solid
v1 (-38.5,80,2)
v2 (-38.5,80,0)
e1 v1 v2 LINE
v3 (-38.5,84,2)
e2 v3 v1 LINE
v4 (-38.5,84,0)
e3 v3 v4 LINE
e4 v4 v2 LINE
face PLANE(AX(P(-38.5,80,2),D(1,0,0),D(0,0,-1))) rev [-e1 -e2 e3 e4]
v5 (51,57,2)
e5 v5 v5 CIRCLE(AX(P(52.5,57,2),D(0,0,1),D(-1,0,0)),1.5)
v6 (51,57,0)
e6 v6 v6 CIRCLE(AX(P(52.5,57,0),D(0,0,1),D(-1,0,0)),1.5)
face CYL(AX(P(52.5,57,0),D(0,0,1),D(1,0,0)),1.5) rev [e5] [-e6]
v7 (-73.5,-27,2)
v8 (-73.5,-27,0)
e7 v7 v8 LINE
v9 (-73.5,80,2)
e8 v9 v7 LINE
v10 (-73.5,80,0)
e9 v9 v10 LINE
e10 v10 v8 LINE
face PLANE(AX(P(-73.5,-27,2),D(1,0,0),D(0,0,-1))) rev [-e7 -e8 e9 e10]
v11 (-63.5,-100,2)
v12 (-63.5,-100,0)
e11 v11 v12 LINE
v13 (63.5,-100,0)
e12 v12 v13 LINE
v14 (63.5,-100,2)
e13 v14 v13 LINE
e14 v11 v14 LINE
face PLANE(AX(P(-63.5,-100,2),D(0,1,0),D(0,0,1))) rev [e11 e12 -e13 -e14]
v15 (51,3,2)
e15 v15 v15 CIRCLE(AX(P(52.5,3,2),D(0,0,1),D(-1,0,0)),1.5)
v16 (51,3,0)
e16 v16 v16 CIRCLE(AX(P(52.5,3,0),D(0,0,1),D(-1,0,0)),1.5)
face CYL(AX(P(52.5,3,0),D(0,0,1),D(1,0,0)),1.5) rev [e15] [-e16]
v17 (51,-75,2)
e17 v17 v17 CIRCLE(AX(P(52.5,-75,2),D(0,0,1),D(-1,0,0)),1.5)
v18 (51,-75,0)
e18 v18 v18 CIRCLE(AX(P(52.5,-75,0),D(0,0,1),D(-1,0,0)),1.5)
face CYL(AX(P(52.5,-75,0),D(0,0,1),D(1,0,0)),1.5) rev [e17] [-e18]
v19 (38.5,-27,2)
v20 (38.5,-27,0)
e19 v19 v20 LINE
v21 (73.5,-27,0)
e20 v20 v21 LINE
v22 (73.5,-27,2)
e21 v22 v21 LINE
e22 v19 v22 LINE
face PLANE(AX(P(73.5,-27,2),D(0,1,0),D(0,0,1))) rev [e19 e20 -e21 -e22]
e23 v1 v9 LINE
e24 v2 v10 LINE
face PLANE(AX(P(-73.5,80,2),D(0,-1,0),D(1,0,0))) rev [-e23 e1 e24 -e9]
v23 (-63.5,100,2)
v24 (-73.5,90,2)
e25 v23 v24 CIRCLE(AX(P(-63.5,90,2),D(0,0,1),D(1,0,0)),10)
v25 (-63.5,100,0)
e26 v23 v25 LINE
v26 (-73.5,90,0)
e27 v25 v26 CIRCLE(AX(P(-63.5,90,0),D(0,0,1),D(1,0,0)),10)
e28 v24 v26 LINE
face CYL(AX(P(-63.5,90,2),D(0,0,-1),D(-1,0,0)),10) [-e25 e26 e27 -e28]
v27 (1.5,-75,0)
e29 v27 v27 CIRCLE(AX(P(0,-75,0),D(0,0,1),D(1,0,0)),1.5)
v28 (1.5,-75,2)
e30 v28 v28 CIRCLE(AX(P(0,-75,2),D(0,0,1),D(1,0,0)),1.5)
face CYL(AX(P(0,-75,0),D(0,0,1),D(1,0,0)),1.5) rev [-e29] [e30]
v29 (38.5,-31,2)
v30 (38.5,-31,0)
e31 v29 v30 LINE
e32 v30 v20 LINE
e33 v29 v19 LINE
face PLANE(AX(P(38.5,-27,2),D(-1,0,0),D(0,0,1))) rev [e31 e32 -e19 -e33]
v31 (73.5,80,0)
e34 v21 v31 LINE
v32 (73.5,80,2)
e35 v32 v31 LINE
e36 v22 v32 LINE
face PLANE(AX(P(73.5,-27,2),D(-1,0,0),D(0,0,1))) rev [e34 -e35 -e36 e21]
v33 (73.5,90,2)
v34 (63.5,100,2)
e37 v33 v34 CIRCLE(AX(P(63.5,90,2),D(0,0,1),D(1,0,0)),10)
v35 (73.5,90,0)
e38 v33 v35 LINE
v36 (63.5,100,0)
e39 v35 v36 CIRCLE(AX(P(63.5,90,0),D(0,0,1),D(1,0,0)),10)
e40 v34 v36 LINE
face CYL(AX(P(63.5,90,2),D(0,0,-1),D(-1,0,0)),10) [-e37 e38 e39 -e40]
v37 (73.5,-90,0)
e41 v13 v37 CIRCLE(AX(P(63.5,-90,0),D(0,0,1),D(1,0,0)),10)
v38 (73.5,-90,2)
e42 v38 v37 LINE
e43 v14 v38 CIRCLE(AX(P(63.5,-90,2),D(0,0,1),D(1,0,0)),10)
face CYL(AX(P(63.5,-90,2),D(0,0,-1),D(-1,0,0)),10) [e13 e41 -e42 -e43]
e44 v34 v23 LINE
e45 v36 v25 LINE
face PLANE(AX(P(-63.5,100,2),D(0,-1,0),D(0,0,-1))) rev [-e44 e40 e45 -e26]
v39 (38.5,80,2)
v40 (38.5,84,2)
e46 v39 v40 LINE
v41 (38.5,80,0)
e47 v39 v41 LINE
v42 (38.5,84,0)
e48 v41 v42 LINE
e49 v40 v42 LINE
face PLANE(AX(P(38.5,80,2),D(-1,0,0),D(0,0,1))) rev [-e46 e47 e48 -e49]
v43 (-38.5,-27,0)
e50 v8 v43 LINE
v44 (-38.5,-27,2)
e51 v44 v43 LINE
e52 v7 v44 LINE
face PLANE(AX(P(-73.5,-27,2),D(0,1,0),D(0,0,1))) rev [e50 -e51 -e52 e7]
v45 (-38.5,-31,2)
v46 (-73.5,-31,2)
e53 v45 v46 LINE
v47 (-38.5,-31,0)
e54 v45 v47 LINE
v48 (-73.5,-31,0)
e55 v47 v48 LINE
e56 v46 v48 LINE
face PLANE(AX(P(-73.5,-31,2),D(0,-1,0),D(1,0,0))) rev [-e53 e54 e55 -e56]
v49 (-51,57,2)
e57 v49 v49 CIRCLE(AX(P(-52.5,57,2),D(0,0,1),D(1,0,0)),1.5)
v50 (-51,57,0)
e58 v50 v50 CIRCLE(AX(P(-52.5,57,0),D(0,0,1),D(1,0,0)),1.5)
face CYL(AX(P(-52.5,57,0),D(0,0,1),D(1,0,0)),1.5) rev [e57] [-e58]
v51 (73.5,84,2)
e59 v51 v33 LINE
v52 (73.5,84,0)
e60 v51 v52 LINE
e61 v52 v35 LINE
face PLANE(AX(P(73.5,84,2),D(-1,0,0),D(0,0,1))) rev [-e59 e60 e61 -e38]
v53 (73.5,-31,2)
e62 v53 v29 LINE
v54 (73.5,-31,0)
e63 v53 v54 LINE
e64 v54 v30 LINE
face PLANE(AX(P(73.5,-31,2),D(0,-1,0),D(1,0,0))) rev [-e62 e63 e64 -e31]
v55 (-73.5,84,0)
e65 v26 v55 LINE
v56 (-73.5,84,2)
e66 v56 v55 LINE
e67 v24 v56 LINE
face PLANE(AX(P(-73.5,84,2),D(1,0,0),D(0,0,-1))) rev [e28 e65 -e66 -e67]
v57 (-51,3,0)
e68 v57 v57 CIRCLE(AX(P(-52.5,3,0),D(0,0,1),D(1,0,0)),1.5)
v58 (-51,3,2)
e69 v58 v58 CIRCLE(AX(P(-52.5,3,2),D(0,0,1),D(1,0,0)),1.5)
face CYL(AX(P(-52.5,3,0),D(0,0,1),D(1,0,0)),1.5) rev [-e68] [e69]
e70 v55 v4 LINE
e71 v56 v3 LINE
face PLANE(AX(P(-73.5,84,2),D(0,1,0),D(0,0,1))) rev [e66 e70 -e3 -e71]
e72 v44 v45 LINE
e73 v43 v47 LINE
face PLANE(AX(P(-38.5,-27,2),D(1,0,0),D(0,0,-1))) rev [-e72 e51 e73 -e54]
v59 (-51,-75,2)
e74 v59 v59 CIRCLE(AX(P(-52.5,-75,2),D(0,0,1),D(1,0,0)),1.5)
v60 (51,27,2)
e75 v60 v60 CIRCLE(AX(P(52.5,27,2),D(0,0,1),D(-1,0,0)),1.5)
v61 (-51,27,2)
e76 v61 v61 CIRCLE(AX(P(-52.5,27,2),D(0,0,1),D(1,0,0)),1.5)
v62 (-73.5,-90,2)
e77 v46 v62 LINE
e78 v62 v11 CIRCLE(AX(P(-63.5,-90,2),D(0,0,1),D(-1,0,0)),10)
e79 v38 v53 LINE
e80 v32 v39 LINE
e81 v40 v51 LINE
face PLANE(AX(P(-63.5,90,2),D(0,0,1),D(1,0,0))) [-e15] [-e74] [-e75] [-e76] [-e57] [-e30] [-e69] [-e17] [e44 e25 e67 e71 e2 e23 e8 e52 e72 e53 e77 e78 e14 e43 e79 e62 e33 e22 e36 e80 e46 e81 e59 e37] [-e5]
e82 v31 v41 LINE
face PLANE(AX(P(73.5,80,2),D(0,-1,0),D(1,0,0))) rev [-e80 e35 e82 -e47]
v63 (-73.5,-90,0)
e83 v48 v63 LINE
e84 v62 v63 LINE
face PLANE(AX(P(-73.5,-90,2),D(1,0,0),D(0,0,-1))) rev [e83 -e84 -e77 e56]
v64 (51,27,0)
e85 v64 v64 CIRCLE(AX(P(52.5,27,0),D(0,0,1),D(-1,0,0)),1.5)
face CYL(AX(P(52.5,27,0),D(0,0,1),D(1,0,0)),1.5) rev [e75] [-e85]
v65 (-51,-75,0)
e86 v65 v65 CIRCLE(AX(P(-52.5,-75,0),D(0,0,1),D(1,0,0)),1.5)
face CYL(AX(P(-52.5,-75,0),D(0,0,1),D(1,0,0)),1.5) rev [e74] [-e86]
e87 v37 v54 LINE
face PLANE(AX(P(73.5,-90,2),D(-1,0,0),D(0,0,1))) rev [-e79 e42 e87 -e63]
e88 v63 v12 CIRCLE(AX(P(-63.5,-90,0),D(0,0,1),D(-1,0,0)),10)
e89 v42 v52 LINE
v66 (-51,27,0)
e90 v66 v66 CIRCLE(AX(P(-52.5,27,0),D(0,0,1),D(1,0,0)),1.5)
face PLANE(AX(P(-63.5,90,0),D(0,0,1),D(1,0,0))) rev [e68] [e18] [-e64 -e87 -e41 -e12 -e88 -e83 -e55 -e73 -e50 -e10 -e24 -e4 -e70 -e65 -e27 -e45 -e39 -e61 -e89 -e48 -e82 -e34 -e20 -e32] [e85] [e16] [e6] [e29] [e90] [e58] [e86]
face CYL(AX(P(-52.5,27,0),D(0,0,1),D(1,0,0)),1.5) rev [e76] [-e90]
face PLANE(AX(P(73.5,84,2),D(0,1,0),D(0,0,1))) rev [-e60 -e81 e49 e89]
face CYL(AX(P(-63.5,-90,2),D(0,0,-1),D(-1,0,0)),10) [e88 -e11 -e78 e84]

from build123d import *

# Parameters (mm, degrees)
RESSALTO_EXTRUS_O1_DEPTH = 2
ESBO_O2_R                = 1.5
CORTE_EXTRUS_O1_DEPTH    = 2


with BuildPart() as part:
    # Esboço1 → Ressalto-extrusão1 (new body)
    with BuildSketch(Plane.XY):
        with BuildLine():
            Line((-73.5, -27), (-73.5, 80))
            Line((-73.5, 80), (-38.5, 80))
            Line((-38.5, 80), (-38.5, 84))
            Line((-38.5, 84), (-73.5, 84))
            Line((-73.5, 84), (-73.5, 90))
            ThreePointArc((-73.5, 90), (-70.571067812, 97.071067812), (-63.5, 100))
            Line((-63.5, 100), (63.5, 100))
            ThreePointArc((63.5, 100), (70.571067812, 97.071067812), (73.5, 90))
            Line((73.5, 90), (73.5, 84))
            Line((73.5, 84), (38.5, 84))
            Line((38.5, 84), (38.5, 80))
            Line((38.5, 80), (73.5, 80))
            Line((73.5, 80), (73.5, -27))
            Line((73.5, -27), (38.5, -27))
            Line((38.5, -27), (38.5, -31))
            Line((38.5, -31), (73.5, -31))
            Line((73.5, -31), (73.5, -90))
            ThreePointArc((73.5, -90), (70.571067812, -97.071067812), (63.5, -100))
            Line((63.5, -100), (-63.5, -100))
            ThreePointArc((-63.5, -100), (-70.571067812, -97.071067812), (-73.5, -90))
            Line((-73.5, -90), (-73.5, -31))
            Line((-73.5, -31), (-38.5, -31))
            Line((-38.5, -31), (-38.5, -27))
            Line((-38.5, -27), (-73.5, -27))
        make_face()
    extrude(amount=RESSALTO_EXTRUS_O1_DEPTH)

    # Esboço2 → Corte-extrusão1 (cut)
    with BuildSketch(Plane.XY.offset(2)):
        with Locations((-52.5, 57)):
            Circle(ESBO_O2_R)
        with Locations((-52.5, 27)):
            Circle(ESBO_O2_R)
        with Locations((-52.5, 3)):
            Circle(ESBO_O2_R)
        with Locations((-52.5, -75)):
            Circle(ESBO_O2_R)
        with Locations((52.5, 57)):
            Circle(ESBO_O2_R)
        with Locations((52.5, -75)):
            Circle(ESBO_O2_R)
        with Locations((52.5, 3)):
            Circle(ESBO_O2_R)
        with Locations((52.5, 27)):
            Circle(ESBO_O2_R)
        with Locations((0, -75)):
            Circle(ESBO_O2_R)
    extrude(amount=-CORTE_EXTRUS_O1_DEPTH, mode=Mode.SUBTRACT)


solid = part.part
